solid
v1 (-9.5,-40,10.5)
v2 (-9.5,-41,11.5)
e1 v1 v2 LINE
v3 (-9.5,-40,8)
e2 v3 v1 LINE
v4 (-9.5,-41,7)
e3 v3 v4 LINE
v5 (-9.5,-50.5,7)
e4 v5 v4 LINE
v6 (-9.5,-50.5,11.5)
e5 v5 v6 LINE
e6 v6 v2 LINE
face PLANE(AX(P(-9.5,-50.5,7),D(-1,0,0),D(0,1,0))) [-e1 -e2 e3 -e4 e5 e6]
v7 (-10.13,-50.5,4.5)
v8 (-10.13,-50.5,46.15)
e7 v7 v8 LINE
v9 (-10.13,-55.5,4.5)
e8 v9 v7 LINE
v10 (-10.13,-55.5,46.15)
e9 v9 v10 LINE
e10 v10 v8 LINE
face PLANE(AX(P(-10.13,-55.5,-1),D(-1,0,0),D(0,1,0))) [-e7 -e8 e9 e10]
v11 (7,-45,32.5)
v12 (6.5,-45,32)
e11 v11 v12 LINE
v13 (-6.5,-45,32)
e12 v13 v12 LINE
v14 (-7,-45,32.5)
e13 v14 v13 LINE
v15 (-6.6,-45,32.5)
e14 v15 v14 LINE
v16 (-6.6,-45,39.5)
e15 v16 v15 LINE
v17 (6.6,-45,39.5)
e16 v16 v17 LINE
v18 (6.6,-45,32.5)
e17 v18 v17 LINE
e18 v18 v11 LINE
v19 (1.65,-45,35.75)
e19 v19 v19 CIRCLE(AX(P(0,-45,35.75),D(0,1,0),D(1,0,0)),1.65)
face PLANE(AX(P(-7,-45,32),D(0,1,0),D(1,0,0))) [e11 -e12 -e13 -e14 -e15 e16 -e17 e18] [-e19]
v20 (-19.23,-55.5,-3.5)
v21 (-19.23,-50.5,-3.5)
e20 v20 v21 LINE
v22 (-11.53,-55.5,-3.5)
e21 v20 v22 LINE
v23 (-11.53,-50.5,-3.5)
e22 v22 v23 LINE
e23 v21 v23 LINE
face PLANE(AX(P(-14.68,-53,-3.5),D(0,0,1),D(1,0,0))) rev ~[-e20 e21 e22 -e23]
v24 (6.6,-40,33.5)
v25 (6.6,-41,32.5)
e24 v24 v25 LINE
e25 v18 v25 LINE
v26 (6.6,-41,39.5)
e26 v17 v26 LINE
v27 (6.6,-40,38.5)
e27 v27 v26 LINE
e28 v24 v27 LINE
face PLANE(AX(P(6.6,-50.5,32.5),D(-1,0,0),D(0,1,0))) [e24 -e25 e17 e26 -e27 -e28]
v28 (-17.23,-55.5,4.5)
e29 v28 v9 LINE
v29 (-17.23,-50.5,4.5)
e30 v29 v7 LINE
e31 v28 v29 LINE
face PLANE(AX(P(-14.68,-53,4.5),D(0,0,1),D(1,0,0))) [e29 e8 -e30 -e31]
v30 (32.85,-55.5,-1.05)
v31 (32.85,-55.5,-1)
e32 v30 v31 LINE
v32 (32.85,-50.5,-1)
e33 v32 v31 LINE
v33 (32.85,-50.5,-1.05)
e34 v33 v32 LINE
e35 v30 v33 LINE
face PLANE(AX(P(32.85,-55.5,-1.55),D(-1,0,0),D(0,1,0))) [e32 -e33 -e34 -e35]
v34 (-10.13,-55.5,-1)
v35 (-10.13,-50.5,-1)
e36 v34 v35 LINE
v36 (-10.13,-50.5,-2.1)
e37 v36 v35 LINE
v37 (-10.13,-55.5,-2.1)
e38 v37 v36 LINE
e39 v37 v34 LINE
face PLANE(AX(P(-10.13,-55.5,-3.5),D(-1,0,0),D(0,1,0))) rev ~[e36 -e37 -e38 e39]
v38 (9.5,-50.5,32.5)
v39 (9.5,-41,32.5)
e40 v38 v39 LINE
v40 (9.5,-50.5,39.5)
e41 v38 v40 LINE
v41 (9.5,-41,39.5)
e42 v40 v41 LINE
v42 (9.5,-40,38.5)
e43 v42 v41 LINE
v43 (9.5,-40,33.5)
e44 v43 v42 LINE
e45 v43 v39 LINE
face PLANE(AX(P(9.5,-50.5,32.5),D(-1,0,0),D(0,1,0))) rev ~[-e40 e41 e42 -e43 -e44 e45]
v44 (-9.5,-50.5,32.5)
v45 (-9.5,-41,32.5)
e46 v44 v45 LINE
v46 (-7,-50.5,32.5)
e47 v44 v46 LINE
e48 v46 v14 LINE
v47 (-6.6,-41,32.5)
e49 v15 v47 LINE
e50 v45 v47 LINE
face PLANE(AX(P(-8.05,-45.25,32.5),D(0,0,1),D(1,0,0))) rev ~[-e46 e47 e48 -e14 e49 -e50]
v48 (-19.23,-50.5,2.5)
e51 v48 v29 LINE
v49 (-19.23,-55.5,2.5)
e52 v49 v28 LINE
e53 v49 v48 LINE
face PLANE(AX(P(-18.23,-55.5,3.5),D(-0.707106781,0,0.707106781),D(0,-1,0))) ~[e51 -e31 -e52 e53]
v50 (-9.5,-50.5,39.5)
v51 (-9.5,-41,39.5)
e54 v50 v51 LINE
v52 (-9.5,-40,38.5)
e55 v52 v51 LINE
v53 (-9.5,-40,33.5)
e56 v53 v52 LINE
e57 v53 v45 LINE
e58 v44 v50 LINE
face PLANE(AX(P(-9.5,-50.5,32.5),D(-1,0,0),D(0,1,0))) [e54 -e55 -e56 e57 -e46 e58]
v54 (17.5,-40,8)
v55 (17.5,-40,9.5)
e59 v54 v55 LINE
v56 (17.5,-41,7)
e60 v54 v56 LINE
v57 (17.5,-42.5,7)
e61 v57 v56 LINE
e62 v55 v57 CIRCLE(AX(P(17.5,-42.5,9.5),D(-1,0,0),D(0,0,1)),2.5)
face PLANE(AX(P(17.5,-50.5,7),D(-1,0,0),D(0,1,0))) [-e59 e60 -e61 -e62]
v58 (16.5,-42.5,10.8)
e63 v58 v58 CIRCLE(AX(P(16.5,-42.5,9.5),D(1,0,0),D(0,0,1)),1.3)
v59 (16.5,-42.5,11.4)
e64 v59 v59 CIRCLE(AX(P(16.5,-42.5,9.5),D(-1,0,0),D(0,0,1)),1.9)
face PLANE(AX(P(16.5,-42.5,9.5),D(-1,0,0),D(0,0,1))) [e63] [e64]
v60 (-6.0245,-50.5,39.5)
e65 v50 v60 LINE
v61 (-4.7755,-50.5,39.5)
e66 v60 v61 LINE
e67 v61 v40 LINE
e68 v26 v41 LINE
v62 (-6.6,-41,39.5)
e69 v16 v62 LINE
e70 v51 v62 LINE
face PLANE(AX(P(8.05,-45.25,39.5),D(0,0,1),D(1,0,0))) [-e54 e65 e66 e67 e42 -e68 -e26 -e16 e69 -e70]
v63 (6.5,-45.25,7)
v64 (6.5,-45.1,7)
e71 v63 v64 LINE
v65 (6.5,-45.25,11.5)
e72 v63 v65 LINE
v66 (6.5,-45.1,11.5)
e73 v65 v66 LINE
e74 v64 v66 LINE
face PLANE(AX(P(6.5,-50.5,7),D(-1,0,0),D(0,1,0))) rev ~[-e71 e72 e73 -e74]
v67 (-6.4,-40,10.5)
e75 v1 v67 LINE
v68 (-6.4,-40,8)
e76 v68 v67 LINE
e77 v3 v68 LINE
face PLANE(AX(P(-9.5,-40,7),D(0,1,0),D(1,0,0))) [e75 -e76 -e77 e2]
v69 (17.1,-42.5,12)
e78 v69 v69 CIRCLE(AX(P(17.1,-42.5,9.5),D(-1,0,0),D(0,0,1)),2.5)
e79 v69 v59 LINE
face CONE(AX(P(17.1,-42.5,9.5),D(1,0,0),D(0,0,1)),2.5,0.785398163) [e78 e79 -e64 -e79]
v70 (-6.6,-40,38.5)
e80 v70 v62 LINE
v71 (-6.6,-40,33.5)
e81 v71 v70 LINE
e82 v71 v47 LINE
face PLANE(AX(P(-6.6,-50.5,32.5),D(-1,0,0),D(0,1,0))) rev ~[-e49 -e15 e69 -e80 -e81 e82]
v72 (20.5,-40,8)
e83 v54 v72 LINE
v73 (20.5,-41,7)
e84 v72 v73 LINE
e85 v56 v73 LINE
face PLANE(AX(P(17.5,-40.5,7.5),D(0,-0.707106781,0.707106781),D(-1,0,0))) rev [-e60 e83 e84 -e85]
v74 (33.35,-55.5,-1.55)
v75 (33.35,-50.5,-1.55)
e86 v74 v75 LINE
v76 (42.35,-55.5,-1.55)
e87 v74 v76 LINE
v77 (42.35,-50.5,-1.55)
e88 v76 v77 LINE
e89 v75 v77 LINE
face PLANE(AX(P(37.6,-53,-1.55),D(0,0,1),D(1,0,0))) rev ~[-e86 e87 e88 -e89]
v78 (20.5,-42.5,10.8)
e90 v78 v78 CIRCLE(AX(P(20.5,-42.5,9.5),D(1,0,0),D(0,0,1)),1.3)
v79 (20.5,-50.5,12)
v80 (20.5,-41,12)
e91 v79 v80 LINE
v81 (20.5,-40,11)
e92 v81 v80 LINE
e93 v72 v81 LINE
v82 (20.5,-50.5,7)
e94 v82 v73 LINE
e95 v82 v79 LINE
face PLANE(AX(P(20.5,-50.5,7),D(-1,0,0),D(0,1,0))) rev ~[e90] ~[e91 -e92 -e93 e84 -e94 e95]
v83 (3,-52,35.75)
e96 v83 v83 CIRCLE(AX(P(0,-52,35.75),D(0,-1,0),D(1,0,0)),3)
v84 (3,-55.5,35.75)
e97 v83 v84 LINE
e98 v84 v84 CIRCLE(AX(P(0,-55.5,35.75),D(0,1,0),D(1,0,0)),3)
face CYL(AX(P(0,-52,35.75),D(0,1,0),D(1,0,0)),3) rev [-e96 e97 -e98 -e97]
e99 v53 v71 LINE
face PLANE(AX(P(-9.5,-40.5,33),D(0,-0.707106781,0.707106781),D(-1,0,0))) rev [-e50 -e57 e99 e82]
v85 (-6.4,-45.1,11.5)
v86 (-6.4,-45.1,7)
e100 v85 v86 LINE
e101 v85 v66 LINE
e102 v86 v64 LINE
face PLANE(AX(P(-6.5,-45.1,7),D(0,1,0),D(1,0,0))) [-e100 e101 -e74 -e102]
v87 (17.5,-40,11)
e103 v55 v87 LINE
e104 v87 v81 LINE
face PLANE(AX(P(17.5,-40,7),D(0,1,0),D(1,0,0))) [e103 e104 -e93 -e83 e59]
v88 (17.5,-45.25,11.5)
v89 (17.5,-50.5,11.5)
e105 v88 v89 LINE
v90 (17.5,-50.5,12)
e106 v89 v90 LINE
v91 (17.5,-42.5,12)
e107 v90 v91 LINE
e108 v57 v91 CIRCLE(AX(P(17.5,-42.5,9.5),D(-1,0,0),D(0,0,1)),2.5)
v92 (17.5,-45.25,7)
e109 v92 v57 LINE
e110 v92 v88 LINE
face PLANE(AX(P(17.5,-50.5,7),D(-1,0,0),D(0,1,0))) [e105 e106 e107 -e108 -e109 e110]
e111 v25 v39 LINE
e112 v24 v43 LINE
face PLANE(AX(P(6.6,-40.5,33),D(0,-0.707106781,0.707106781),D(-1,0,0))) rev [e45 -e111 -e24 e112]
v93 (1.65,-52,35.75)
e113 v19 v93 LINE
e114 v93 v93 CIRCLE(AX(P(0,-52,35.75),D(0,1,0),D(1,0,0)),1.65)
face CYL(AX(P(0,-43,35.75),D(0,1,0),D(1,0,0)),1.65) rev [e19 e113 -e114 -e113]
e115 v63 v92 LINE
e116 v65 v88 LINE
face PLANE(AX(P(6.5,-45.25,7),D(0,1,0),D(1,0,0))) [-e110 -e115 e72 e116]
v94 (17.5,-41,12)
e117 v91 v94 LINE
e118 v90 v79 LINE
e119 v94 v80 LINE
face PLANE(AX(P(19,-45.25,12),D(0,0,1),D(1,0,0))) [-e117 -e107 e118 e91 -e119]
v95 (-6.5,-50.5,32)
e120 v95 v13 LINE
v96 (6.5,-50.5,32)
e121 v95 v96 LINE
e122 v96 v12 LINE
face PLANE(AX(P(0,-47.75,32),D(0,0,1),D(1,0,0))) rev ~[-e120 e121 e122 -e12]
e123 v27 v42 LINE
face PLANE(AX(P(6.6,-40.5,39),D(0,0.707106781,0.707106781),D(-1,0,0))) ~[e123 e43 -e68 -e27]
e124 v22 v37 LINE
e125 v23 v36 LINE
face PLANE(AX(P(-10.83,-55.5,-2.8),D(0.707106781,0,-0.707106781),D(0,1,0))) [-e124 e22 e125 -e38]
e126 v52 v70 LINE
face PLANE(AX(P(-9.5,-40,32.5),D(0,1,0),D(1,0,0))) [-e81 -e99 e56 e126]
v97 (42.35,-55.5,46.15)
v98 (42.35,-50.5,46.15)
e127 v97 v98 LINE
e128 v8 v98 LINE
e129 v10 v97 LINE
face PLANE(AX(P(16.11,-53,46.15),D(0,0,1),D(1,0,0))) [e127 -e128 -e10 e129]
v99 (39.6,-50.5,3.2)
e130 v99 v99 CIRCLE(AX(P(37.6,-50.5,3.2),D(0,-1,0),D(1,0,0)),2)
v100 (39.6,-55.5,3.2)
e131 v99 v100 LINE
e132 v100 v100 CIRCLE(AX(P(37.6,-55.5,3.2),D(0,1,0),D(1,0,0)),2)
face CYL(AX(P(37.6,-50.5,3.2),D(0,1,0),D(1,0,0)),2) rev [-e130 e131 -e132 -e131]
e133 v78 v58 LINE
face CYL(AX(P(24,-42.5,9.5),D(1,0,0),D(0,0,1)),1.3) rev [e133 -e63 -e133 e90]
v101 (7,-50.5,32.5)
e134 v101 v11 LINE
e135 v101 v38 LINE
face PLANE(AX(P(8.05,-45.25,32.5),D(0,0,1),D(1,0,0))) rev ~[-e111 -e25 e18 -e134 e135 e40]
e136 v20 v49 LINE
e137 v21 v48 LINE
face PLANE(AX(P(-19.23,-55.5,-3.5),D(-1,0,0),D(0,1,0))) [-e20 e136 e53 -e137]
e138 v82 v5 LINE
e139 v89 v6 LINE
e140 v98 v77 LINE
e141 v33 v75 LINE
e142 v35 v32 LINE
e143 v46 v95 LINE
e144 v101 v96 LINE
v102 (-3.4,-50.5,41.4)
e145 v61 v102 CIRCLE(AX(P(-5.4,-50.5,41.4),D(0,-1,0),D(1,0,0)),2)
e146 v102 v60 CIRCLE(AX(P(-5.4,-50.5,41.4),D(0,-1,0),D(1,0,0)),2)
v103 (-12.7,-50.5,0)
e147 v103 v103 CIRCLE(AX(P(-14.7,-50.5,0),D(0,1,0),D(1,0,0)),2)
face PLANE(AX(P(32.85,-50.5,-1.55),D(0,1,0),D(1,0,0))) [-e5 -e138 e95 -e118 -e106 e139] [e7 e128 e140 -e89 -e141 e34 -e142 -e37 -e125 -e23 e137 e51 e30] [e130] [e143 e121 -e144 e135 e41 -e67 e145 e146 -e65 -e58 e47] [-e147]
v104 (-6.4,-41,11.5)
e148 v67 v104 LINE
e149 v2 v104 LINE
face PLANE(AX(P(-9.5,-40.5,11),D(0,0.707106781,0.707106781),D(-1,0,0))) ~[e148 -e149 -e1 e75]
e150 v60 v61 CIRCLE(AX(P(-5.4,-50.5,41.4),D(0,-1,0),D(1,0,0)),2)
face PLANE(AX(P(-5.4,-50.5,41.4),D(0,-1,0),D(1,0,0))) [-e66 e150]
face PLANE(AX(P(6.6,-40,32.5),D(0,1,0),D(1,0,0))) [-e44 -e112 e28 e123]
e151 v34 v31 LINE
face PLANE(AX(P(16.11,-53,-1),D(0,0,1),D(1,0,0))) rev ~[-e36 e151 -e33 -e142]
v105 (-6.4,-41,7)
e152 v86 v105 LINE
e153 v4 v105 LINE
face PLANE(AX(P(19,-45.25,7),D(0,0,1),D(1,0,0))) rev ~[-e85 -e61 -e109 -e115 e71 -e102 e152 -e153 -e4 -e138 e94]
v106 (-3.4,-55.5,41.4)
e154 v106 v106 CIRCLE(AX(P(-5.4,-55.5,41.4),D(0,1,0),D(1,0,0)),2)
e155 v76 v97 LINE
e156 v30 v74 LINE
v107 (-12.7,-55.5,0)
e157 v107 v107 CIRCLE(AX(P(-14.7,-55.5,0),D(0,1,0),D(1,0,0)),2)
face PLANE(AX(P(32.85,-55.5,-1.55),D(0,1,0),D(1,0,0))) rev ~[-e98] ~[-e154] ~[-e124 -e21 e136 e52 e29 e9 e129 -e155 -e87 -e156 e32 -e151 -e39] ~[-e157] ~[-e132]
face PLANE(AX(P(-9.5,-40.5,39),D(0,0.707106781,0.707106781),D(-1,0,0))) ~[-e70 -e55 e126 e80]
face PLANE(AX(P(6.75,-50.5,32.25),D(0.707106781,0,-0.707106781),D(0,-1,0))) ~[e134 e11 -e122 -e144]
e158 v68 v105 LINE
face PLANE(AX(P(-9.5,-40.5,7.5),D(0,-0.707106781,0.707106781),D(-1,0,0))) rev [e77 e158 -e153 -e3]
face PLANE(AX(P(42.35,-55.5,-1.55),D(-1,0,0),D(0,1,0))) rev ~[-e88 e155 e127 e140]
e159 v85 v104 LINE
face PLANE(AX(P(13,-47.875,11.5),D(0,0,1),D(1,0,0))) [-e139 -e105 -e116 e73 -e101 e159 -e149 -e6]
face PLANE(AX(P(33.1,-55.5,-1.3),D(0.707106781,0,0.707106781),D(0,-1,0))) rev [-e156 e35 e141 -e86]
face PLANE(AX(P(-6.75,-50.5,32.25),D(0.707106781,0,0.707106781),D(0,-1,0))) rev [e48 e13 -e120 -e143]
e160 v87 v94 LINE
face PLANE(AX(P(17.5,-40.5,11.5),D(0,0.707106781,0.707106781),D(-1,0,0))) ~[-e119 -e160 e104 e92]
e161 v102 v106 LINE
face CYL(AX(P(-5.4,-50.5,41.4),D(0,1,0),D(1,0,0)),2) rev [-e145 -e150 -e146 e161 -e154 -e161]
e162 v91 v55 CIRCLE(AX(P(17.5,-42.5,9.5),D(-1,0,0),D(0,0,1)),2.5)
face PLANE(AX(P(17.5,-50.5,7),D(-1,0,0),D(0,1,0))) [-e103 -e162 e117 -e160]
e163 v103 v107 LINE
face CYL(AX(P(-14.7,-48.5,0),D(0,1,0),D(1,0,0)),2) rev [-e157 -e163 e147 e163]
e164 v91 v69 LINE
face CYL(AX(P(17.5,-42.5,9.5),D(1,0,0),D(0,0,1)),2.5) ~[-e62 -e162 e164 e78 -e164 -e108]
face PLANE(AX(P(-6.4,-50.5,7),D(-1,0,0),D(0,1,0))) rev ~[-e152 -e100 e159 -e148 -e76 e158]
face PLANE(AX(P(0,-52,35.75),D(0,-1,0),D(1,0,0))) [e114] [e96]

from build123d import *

# Parameters (mm, degrees)
CYLINDER067_R         = 3
CYLINDER067_DEPTH     = 17
CYLINDER064_R         = 1.65
CYLINDER064_DEPTH     = 17
CYLINDER061_R         = 2
CYLINDER061_DEPTH     = 10
CYLINDER062_R         = 2
CYLINDER062_DEPTH     = 10
BOX063025_W           = 13
BOX063025_H           = 5.4
BOX063025_DEPTH       = 4.5
BOX063028_W           = 13
BOX063028_H           = 5.25
BOX063028_DEPTH       = 4.5
CYLINDER063_R         = 1.3
CYLINDER063_DEPTH     = 10
BOX063027_W           = 3
BOX063027_H           = 10.5
BOX063027_DEPTH       = 5
CHAMFER005021028_SIZE = 1
CYLINDER065_R         = 2.5
CYLINDER065_DEPTH     = 1
CHAMFER005021027_SIZE = 0.6
BOX063024_W           = 3.1
BOX063024_H           = 10.5
BOX063024_DEPTH       = 4.5
CHAMFER005021029_SIZE = 1
CYLINDER060_R         = 2
CYLINDER060_DEPTH     = 10
BOX063018_W           = 9.1
BOX063018_H           = 5
BOX063018_DEPTH       = 8
CHAMFER005021024_SIZE = 2
CHAMFER005021025_SIZE = 1.4
BOX063020_W           = 9.5
BOX063020_H           = 5
BOX063020_DEPTH       = 1.55
CHAMFER005021032_SIZE = 0.5
BOX063019_W           = 52.48
BOX063019_H           = 5
BOX063019_DEPTH       = 47.15
BOX063021_W           = 14
BOX063021_H           = 5.5
BOX063021_DEPTH       = 7.5
CHAMFER005021026_SIZE = 0.5
BOX063023_W           = 2.9
BOX063023_H           = 10.5
BOX063023_DEPTH       = 7
CHAMFER005021031_SIZE = 1
BOX063022_W           = 2.9
BOX063022_H           = 10.5
BOX063022_DEPTH       = 7
CHAMFER005021030_SIZE = 1


with BuildPart() as cylinder067:
    # Cylinder067 → Cylinder067 (new body)
    with BuildSketch(Plane(origin=(0, -52, 35.75), x_dir=(1, 0, 0), z_dir=(0, -1, 0))):
        Circle(CYLINDER067_R)
    extrude(amount=CYLINDER067_DEPTH)


with BuildPart() as cylinder064:
    # Cylinder064 → Cylinder064 (new body)
    with BuildSketch(Plane(origin=(0, -43, 35.75), x_dir=(1, 0, 0), z_dir=(0, -1, 0))):
        Circle(CYLINDER064_R)
    extrude(amount=CYLINDER064_DEPTH)


with BuildPart() as cylinder061:
    # Cylinder061 → Cylinder061 (new body)
    with BuildSketch(Plane(origin=(-5.4, -67, 41.4), x_dir=(1, 0, 0), z_dir=(0, -1, 0))):
        Circle(CYLINDER061_R)
    extrude(amount=CYLINDER061_DEPTH)


with BuildPart() as fusion036012039007:
    # Cylinder062 → Cylinder062 (new body)
    with BuildSketch(Plane(origin=(37.6, -67, 3.2), x_dir=(1, 0, 0), z_dir=(0, -1, 0))):
        Circle(CYLINDER062_R)
    extrude(amount=CYLINDER062_DEPTH)

    # Fusion036012039007: union Cylinder061
    add(cylinder061.part)


with BuildPart() as fusion036012039007_1:
    # Fusion036012039007 placement: moved
    add(fusion036012039007.part.moved(Location((0, 16.5, 0))))


with BuildPart() as cube083:
    # Box063025 → Box063025 (new body)
    with BuildSketch(Plane(origin=(-6.5, -50.5, 7), x_dir=(1, 0, 0), z_dir=(0, 0, 1))):
        with Locations((6.5, 2.7)):
            Rectangle(BOX063025_W, BOX063025_H)
    extrude(amount=BOX063025_DEPTH)


with BuildPart() as cube086:
    # Box063028 → Box063028 (new body)
    with BuildSketch(Plane(origin=(6.5, -50.5, 7), x_dir=(1, 0, 0), z_dir=(0, 0, 1))):
        with Locations((6.5, 2.625)):
            Rectangle(BOX063028_W, BOX063028_H)
    extrude(amount=BOX063028_DEPTH)


with BuildPart() as cylinder063:
    # Cylinder063 → Cylinder063 (new body)
    with BuildSketch(Plane(origin=(24, -42.5, 9.5), x_dir=(0, 0, 1), z_dir=(-1, 0, 0))):
        Circle(CYLINDER063_R)
    extrude(amount=CYLINDER063_DEPTH)


with BuildPart() as chamfer005021029:
    # Box063027 → Box063027 (new body)
    with BuildSketch(Plane(origin=(17.5, -50.5, 7), x_dir=(1, 0, 0), z_dir=(0, 0, 1))):
        with Locations((1.5, 5.25)):
            Rectangle(BOX063027_W, BOX063027_H)
    extrude(amount=BOX063027_DEPTH)

    # Chamfer005021028
    chamfer005021028_edges = [chamfer005021029.edges().sort_by_distance(p)[0] for p in [
        (19, -40, 7),
        (19, -40, 12),
    ]]
    chamfer(chamfer005021028_edges, length=CHAMFER005021028_SIZE)


with BuildPart() as cut036009013017007008008017:
    # Cylinder065 → Cylinder065 (new body)
    with BuildSketch(Plane(origin=(17.5, -42.5, 9.5), x_dir=(0, 0, 1), z_dir=(-1, 0, 0))):
        Circle(CYLINDER065_R)
    extrude(amount=CYLINDER065_DEPTH)

    # Chamfer005021027
    chamfer005021027_edges = [cut036009013017007008008017.edges().sort_by_distance(p)[0] for p in [
        (16.5, -42.5, 7),
    ]]
    chamfer(chamfer005021027_edges, length=CHAMFER005021027_SIZE)

    # Fusion036012039002: union Chamfer005021029
    add(chamfer005021029.part)

    # Cut036009013017007008008017: cut Cylinder063
    add(cylinder063.part, mode=Mode.SUBTRACT)


with BuildPart() as fusion036012039004:
    # Box063024 → Box063024 (new body)
    with BuildSketch(Plane(origin=(-9.5, -50.5, 7), x_dir=(1, 0, 0), z_dir=(0, 0, 1))):
        with Locations((1.55, 5.25)):
            Rectangle(BOX063024_W, BOX063024_H)
    extrude(amount=BOX063024_DEPTH)

    # Chamfer005021029
    chamfer005021029_edges = [fusion036012039004.edges().sort_by_distance(p)[0] for p in [
        (-7.95, -40, 7),
        (-7.95, -40, 11.5),
    ]]
    chamfer(chamfer005021029_edges, length=CHAMFER005021029_SIZE)

    # Fusion036012039004: union Cube083, Cube086, Cut036009013017007008008017
    add(cube083.part)
    add(cube086.part)
    add(cut036009013017007008008017.part)


with BuildPart() as cylinder060:
    # Cylinder060 → Cylinder060 (new body)
    with BuildSketch(Plane(origin=(-14.7, -48.5, 0), x_dir=(1, 0, 0), z_dir=(0, -1, 0))):
        Circle(CYLINDER060_R)
    extrude(amount=CYLINDER060_DEPTH)


with BuildPart() as cut036009013017007008008016:
    # Box063018 → Box063018 (new body)
    with BuildSketch(Plane(origin=(-19.23, -55.5, -3.5), x_dir=(1, 0, 0), z_dir=(0, 0, 1))):
        with Locations((4.55, 2.5)):
            Rectangle(BOX063018_W, BOX063018_H)
    extrude(amount=BOX063018_DEPTH)

    # Chamfer005021024
    chamfer005021024_edges = [cut036009013017007008008016.edges().sort_by_distance(p)[0] for p in [
        (-19.23, -53, 4.5),
    ]]
    chamfer(chamfer005021024_edges, length=CHAMFER005021024_SIZE)

    # Chamfer005021025
    chamfer005021025_edges = [cut036009013017007008008016.edges().sort_by_distance(p)[0] for p in [
        (-10.13, -53, -3.5),
    ]]
    chamfer(chamfer005021025_edges, length=CHAMFER005021025_SIZE)

    # Cut036009013017007008008016: cut Cylinder060
    add(cylinder060.part, mode=Mode.SUBTRACT)


with BuildPart() as chamfer005021033:
    # Box063020 → Box063020 (new body)
    with BuildSketch(Plane(origin=(32.85, -55.5, -1.55), x_dir=(1, 0, 0), z_dir=(0, 0, 1))):
        with Locations((4.75, 2.5)):
            Rectangle(BOX063020_W, BOX063020_H)
    extrude(amount=BOX063020_DEPTH)

    # Chamfer005021032
    chamfer005021032_edges = [chamfer005021033.edges().sort_by_distance(p)[0] for p in [
        (32.85, -53, -1.55),
    ]]
    chamfer(chamfer005021032_edges, length=CHAMFER005021032_SIZE)


with BuildPart() as fusion036012039005:
    # Box063019 → Box063019 (new body)
    with BuildSketch(Plane(origin=(-10.13, -55.5, -1), x_dir=(1, 0, 0), z_dir=(0, 0, 1))):
        with Locations((26.24, 2.5)):
            Rectangle(BOX063019_W, BOX063019_H)
    extrude(amount=BOX063019_DEPTH)

    # Fusion036012039005: union Cut036009013017007008008016, Chamfer005021033
    add(cut036009013017007008008016.part)
    add(chamfer005021033.part)


with BuildPart() as chamfer005021027:
    # Box063021 → Box063021 (new body)
    with BuildSketch(Plane(origin=(-7, -50.5, 32), x_dir=(1, 0, 0), z_dir=(0, 0, 1))):
        with Locations((7, 2.75)):
            Rectangle(BOX063021_W, BOX063021_H)
    extrude(amount=BOX063021_DEPTH)

    # Chamfer005021026
    chamfer005021026_edges = [chamfer005021027.edges().sort_by_distance(p)[0] for p in [
        (-7, -47.75, 32),
        (7, -47.75, 32),
    ]]
    chamfer(chamfer005021026_edges, length=CHAMFER005021026_SIZE)


with BuildPart() as chamfer005021032:
    # Box063023 → Box063023 (new body)
    with BuildSketch(Plane(origin=(6.6, -50.5, 32.5), x_dir=(1, 0, 0), z_dir=(0, 0, 1))):
        with Locations((1.45, 5.25)):
            Rectangle(BOX063023_W, BOX063023_H)
    extrude(amount=BOX063023_DEPTH)

    # Chamfer005021031
    chamfer005021031_edges = [chamfer005021032.edges().sort_by_distance(p)[0] for p in [
        (8.05, -40, 32.5),
        (8.05, -40, 39.5),
    ]]
    chamfer(chamfer005021031_edges, length=CHAMFER005021031_SIZE)


with BuildPart() as grid_plate_base:
    # Box063022 → Box063022 (new body)
    with BuildSketch(Plane(origin=(-9.5, -50.5, 32.5), x_dir=(1, 0, 0), z_dir=(0, 0, 1))):
        with Locations((1.45, 5.25)):
            Rectangle(BOX063022_W, BOX063022_H)
    extrude(amount=BOX063022_DEPTH)

    # Chamfer005021030
    chamfer005021030_edges = [grid_plate_base.edges().sort_by_distance(p)[0] for p in [
        (-8.05, -40, 32.5),
        (-8.05, -40, 39.5),
    ]]
    chamfer(chamfer005021030_edges, length=CHAMFER005021030_SIZE)

    # Fusion036012039003: union Chamfer005021027, Chamfer005021032
    add(chamfer005021027.part)
    add(chamfer005021032.part)

    # Fusion036012039006: union Fusion036012039004, Fusion036012039005
    add(fusion036012039004.part)
    add(fusion036012039005.part)

    # Cut036009013017007008008019: cut Fusion036012039007
    add(fusion036012039007_1.part, mode=Mode.SUBTRACT)

    # Cut036009013017007008008020: cut Cylinder064
    add(cylinder064.part, mode=Mode.SUBTRACT)

    # Cut036009013017007008008021: cut Cylinder067
    add(cylinder067.part, mode=Mode.SUBTRACT)


solid = grid_plate_base.part
